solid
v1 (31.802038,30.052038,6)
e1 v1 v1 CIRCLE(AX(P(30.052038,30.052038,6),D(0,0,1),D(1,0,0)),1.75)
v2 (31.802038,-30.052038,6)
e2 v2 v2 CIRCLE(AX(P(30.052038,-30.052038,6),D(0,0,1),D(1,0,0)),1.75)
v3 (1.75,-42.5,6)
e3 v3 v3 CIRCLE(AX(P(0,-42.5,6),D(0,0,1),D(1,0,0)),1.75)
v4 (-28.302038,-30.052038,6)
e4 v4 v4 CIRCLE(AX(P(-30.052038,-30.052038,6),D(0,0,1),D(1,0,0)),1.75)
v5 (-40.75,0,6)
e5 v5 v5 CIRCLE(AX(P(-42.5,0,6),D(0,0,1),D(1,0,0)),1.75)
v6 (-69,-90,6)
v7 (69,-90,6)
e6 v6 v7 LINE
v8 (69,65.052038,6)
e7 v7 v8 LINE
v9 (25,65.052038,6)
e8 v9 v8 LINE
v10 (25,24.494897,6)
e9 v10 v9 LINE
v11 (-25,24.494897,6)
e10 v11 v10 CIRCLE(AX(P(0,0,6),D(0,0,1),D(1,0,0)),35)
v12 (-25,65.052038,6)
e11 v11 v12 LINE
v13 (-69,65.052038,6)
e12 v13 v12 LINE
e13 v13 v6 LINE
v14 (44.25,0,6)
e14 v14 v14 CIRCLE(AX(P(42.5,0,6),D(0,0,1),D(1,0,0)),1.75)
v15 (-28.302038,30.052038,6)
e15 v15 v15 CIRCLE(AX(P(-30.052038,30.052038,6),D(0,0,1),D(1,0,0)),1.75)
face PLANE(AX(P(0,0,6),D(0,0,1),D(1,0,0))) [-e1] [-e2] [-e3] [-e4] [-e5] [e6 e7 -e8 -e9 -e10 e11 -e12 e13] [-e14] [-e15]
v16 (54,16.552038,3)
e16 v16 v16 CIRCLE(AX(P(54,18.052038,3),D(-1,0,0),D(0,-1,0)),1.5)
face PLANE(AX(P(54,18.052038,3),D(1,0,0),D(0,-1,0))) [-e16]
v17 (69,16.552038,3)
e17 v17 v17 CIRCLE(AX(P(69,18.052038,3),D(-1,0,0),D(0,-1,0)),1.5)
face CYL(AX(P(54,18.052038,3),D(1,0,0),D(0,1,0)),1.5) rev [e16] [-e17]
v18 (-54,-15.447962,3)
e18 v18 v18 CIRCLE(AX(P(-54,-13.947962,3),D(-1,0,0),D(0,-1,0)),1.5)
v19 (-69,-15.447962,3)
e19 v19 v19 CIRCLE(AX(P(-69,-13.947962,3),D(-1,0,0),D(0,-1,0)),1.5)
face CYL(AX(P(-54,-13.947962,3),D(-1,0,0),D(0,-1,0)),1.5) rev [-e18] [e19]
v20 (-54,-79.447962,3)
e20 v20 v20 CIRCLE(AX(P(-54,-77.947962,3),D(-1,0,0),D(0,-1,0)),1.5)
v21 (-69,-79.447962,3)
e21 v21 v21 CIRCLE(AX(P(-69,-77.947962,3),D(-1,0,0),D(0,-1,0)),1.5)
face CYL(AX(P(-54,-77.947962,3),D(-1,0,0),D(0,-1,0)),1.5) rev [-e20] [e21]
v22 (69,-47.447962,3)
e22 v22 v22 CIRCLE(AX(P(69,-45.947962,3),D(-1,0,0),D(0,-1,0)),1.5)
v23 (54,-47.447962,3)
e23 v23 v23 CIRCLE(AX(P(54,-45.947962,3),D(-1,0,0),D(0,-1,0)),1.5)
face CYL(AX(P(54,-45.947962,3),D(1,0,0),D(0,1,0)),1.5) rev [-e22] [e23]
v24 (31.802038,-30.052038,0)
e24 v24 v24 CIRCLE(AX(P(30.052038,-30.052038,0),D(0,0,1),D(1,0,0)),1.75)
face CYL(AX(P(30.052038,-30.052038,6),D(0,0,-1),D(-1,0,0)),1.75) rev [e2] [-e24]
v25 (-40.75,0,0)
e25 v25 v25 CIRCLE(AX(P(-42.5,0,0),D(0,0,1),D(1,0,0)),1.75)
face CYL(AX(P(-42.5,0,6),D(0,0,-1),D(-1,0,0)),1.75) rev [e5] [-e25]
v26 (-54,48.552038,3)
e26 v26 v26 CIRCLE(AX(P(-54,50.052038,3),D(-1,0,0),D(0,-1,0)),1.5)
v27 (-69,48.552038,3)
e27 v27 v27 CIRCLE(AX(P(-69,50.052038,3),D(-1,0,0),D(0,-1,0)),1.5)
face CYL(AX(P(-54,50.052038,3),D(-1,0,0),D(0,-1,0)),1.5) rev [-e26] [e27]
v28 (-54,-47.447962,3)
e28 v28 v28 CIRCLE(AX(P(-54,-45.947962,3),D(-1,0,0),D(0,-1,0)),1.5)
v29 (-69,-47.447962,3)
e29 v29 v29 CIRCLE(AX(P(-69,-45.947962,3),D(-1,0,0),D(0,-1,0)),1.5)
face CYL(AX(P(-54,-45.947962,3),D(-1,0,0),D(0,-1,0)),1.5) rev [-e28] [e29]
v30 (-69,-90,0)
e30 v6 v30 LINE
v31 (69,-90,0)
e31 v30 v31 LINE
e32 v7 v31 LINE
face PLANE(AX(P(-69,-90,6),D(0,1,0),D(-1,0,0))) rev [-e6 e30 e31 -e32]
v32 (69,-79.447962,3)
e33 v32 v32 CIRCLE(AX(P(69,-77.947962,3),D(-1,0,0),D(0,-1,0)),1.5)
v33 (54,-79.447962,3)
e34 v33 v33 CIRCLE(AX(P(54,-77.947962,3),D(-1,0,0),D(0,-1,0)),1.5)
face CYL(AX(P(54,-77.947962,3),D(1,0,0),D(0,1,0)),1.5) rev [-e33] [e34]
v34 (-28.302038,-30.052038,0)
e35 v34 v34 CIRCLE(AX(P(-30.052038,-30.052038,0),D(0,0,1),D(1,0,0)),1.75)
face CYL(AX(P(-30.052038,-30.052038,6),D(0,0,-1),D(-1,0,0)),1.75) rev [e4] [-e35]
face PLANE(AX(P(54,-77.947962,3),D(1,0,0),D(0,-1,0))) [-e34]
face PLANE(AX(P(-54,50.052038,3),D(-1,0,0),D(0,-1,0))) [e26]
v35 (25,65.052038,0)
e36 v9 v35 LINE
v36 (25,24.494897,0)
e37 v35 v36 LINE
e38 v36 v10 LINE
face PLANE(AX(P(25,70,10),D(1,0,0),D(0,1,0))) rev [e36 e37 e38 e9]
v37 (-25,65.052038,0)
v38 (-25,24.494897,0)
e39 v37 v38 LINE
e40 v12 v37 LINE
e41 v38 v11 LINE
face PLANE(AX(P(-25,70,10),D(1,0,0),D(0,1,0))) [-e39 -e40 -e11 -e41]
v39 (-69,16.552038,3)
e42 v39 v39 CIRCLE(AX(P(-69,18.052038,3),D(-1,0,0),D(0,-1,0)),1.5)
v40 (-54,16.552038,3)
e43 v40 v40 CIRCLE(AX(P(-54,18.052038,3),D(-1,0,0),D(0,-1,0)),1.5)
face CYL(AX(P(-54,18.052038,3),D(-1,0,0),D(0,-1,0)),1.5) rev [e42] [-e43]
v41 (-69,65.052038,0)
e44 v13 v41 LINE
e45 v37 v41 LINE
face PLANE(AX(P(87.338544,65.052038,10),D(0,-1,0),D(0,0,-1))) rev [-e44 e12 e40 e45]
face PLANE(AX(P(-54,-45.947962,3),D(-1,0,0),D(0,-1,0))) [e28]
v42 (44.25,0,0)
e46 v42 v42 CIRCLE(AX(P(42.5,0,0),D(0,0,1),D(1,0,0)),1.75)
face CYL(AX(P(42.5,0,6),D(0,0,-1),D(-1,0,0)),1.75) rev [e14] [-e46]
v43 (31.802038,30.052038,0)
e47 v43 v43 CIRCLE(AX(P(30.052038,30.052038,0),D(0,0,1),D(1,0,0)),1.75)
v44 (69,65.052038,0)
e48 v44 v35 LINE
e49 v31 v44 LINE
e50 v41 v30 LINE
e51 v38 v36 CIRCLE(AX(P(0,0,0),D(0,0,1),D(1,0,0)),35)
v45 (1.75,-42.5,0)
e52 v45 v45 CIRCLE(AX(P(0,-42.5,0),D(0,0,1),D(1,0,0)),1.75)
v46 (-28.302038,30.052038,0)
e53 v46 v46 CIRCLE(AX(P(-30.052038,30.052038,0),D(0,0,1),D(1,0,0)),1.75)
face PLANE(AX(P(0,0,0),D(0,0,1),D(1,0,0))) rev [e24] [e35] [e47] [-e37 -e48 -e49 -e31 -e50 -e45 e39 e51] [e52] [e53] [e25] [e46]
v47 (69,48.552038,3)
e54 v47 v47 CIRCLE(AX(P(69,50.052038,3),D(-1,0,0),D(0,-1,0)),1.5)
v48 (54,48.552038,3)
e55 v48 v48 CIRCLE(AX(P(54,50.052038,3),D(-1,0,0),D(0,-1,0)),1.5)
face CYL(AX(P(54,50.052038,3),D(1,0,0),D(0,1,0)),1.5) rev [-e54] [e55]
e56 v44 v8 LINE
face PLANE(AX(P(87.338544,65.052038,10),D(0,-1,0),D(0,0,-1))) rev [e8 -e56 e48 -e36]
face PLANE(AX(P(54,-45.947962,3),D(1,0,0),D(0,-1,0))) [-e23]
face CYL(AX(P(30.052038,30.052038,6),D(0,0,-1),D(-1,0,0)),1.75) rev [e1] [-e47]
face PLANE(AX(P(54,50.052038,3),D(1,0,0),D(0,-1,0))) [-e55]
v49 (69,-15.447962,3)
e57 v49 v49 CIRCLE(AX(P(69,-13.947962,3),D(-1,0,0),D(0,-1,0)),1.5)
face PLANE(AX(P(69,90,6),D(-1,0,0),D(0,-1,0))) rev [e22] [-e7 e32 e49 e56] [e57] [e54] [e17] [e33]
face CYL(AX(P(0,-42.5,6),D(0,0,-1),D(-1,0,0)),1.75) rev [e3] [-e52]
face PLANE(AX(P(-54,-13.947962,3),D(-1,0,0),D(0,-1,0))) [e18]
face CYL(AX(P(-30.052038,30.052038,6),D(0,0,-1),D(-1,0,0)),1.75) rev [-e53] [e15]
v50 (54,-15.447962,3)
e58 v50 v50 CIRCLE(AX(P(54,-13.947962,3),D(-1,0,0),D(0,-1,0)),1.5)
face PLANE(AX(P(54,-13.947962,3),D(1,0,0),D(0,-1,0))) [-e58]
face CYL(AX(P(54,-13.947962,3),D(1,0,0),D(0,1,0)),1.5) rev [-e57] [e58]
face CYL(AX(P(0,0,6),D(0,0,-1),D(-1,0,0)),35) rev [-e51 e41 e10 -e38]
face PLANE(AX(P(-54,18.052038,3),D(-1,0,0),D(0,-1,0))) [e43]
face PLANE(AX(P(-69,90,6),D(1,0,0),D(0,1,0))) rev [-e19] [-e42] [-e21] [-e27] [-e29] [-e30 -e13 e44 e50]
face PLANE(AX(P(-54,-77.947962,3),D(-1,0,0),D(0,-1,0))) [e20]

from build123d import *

# Parameters (mm, degrees)
SKETCH_1_W          = 138
SKETCH_1_H          = 180
SKETCH_1_R          = 1.75
SKETCH_1_R_2        = 35
EXTRUDE_1_DEPTH     = 6
SKETCH_2_W          = 50
SKETCH_2_H          = 50
CUT_EXTRUDE_1_DEPTH = 10
SKETCH_4_W          = 185.340515344
SKETCH_4_H          = 73.1161564
CUT_EXTRUDE_3_DEPTH = 10
SKETCH_3_R          = 1.5
CUT_EXTRUDE_2_DEPTH = 15


with BuildPart() as part:
    # 草图1 → 凸台-拉伸1 (new body)
    with BuildSketch(Plane.XY):
        Rectangle(SKETCH_1_W, SKETCH_1_H)
        with Locations((0, 42.5)):
            Circle(SKETCH_1_R, mode=Mode.SUBTRACT)
        with Locations((30.0520382, 30.0520382)):
            Circle(SKETCH_1_R, mode=Mode.SUBTRACT)
        with Locations((42.5, 0)):
            Circle(SKETCH_1_R, mode=Mode.SUBTRACT)
        with Locations((30.0520382, -30.0520382)):
            Circle(SKETCH_1_R, mode=Mode.SUBTRACT)
        with Locations((0, -42.5)):
            Circle(SKETCH_1_R, mode=Mode.SUBTRACT)
        with Locations((-30.0520382, -30.0520382)):
            Circle(SKETCH_1_R, mode=Mode.SUBTRACT)
        with Locations((-42.5, 0)):
            Circle(SKETCH_1_R, mode=Mode.SUBTRACT)
        with Locations((-30.0520382, 30.0520382)):
            Circle(SKETCH_1_R, mode=Mode.SUBTRACT)
        Circle(SKETCH_1_R_2, mode=Mode.SUBTRACT)
    extrude(amount=EXTRUDE_1_DEPTH)

    # 草图2 → 切除-拉伸1 (cut)
    with BuildSketch(Plane(origin=(0, 0, 0), x_dir=(-1, 0, 0), z_dir=(0, 0, -1))):
        with Locations((0, 45)):
            Rectangle(SKETCH_2_W, SKETCH_2_H)
    extrude(amount=-CUT_EXTRUDE_1_DEPTH, mode=Mode.SUBTRACT)

    # 草图4 → 切除-拉伸3 (cut)
    with BuildSketch(Plane(origin=(0, 0, 0), x_dir=(-1, 0, 0), z_dir=(0, 0, -1))):
        with Locations((5.331713455, 101.6101164)):
            Rectangle(SKETCH_4_W, SKETCH_4_H)
    extrude(amount=-CUT_EXTRUDE_3_DEPTH, mode=Mode.SUBTRACT)

    # 草图3 → 切除-拉伸2 (cut)
    with BuildSketch(Plane.ZY.offset(69)):
        with Locations(Location((3, 50.0520382, 0), (0, 0, 270))):
            Circle(SKETCH_3_R)
        with Locations(Location((3, 18.0520382, 0), (0, 0, 270))):
            Circle(SKETCH_3_R)
        with Locations(Location((3, -13.9479618, 0), (0, 0, 270))):
            Circle(SKETCH_3_R)
        with Locations(Location((3, -45.9479618, 0), (0, 0, 270))):
            Circle(SKETCH_3_R)
        with Locations(Location((3, -77.9479618, 0), (0, 0, 270))):
            Circle(SKETCH_3_R)
    cut_extrude_2 = extrude(amount=-CUT_EXTRUDE_2_DEPTH, mode=Mode.SUBTRACT)

    # 镜向1: 切除-拉伸2 across plane
    add(cut_extrude_2.mirror(Plane.ZY), mode=Mode.SUBTRACT)


solid = part.part
